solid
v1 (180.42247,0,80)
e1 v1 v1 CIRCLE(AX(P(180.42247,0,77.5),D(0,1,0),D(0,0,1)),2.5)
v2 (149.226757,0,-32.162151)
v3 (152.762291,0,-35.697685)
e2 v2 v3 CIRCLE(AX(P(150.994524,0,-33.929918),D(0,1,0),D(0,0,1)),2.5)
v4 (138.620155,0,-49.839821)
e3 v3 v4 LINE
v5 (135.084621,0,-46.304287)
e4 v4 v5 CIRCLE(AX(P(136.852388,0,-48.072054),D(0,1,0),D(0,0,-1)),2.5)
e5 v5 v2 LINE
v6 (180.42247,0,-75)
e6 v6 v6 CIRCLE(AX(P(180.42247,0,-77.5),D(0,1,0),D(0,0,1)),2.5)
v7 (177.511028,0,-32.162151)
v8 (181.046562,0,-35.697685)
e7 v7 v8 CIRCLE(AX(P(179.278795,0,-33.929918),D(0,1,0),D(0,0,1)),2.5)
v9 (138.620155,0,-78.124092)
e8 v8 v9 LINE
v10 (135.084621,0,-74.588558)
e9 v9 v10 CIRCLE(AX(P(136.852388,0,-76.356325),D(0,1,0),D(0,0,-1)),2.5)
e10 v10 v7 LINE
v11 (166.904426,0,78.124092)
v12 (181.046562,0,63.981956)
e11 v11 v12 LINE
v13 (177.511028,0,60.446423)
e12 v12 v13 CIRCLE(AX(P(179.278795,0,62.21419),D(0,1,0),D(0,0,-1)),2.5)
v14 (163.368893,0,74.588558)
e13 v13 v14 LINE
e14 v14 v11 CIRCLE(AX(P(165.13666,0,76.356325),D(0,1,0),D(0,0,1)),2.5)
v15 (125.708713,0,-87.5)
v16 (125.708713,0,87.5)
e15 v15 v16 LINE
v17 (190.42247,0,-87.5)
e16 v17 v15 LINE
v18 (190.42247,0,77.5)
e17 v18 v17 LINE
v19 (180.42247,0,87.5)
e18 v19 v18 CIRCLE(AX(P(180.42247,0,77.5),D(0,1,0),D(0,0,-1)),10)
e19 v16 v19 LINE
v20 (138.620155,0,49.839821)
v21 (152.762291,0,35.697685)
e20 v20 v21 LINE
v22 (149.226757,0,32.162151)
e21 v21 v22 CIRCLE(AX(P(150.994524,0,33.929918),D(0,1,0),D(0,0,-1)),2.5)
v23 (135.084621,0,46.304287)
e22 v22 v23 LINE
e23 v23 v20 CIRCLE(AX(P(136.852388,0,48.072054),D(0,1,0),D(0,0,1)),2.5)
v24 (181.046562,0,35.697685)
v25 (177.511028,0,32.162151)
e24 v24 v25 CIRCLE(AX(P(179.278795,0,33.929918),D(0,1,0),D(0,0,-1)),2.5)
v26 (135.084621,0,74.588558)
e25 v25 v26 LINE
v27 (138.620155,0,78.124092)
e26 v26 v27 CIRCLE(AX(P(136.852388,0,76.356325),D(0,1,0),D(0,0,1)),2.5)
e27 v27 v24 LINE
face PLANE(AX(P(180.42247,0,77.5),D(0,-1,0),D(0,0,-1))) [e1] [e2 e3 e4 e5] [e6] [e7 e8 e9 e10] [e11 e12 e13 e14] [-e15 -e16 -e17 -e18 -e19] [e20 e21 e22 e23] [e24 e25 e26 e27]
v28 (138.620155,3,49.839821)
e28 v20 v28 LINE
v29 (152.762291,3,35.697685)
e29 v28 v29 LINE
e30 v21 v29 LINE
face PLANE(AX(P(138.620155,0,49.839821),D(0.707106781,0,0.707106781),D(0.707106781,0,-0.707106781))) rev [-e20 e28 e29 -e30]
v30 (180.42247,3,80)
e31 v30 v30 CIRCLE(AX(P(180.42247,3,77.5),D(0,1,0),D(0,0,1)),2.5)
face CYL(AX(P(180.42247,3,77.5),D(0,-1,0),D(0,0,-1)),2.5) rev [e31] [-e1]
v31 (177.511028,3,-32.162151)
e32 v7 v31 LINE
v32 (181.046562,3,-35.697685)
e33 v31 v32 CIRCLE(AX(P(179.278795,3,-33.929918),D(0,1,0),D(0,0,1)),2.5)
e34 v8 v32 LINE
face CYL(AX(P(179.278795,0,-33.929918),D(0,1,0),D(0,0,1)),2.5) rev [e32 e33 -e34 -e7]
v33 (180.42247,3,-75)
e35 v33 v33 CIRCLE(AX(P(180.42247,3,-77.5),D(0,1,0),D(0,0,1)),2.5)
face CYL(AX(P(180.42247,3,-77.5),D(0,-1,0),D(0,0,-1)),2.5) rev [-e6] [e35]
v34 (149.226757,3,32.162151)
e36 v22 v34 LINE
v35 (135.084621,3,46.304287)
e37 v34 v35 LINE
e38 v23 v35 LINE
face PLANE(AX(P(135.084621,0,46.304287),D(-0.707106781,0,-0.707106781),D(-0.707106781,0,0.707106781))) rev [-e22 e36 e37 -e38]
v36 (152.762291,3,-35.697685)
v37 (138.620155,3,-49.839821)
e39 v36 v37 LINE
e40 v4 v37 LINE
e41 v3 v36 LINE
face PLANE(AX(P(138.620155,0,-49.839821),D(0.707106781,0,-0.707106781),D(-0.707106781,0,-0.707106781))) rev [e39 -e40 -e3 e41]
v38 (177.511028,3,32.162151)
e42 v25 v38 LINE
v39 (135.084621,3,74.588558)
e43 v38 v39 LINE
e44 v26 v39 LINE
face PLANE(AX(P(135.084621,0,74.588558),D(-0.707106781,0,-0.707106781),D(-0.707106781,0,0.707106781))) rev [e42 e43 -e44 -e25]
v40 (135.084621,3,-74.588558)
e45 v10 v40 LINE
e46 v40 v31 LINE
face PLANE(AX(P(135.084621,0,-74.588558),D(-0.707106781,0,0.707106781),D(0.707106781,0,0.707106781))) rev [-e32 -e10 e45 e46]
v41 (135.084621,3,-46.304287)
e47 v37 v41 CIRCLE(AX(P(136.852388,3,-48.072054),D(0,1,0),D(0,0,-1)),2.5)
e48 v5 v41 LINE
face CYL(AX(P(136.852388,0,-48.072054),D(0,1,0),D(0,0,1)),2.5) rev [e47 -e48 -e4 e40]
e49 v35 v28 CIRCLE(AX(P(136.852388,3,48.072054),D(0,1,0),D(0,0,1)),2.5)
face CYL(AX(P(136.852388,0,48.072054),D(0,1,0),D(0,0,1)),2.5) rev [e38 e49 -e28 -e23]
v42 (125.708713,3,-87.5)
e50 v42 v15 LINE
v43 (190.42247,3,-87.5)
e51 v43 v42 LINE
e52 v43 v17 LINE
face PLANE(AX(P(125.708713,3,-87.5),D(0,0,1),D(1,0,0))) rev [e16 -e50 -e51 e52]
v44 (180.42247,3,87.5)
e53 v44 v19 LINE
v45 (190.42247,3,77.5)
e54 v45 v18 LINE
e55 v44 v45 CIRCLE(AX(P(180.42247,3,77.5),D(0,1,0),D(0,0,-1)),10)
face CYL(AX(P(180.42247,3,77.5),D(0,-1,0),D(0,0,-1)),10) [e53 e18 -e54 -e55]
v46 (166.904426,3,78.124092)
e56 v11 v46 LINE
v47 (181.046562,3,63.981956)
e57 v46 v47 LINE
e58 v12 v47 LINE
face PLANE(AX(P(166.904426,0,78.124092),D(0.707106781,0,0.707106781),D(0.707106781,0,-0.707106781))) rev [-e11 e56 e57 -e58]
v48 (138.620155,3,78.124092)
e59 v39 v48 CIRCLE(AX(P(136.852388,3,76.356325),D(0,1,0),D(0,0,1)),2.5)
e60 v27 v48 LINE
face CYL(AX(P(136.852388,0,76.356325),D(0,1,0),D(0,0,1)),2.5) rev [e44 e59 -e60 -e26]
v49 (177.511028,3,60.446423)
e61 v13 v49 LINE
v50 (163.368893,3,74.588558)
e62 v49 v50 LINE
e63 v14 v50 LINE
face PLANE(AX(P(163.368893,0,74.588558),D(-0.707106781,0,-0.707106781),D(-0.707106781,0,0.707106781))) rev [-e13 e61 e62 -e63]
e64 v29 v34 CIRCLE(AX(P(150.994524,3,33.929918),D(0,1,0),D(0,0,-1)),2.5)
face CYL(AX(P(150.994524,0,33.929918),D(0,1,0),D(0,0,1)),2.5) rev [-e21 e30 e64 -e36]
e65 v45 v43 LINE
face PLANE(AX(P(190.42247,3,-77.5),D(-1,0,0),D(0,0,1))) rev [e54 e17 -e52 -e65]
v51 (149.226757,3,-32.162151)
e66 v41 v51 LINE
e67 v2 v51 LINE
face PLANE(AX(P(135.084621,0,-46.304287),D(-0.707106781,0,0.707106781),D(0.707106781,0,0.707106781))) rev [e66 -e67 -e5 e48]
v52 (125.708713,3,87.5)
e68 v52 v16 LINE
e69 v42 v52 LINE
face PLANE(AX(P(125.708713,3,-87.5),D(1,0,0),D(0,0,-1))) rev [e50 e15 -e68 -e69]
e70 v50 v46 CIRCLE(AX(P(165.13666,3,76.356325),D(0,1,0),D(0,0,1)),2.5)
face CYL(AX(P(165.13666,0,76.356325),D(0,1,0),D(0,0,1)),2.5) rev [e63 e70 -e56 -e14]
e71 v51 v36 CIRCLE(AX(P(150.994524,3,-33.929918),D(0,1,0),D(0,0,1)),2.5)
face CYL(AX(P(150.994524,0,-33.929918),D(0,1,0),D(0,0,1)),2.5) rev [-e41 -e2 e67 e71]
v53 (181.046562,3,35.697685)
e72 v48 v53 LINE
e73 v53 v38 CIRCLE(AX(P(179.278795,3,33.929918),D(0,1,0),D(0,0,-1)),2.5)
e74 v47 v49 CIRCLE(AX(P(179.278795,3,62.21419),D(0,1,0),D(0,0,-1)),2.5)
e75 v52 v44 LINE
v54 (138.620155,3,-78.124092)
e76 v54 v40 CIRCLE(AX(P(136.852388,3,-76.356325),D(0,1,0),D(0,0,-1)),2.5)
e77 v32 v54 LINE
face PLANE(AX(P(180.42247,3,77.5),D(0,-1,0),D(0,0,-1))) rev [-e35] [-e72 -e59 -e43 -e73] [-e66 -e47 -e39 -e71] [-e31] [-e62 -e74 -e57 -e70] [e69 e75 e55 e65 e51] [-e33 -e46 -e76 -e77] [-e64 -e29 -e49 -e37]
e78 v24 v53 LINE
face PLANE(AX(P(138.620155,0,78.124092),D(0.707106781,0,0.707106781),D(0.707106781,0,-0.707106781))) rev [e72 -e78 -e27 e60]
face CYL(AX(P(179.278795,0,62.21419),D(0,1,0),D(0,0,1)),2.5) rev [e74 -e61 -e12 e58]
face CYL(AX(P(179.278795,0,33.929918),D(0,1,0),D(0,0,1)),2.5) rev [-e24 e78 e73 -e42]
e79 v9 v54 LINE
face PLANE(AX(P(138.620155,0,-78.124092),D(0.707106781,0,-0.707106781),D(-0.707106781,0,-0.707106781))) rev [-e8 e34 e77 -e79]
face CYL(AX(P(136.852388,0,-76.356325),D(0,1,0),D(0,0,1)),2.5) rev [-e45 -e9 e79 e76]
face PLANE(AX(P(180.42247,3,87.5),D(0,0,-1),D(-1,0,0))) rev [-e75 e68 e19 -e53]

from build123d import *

# Parameters (mm, degrees)
ESQUISSE1_R             = 2.5
BOSS_EXTRU_1_DEPTH      = 3
ENL_V_MAT_EXTRU_1_DEPTH = 210.585226303


with BuildPart() as part:
    # Esquisse1 → Boss.-Extru.1 (new body)
    with BuildSketch(Plane(origin=(0, 0, 0), x_dir=(1, 0, 0), z_dir=(0, 1, 0))):
        with BuildLine():
            Line((125.70871342, 87.5), (180.42247001, 87.5))
            Line((180.42247001, 87.5), (190.42247001, 87.5))
            Line((190.42247001, 87.5), (190.42247001, 77.5))
            Line((190.42247001, 77.5), (190.42247001, -77.5))
            ThreePointArc((190.42247001, -77.5), (187.493537821, -84.571067812), (180.42247001, -87.5))
            Line((180.42247001, -87.5), (125.70871342, -87.5))
            Line((125.70871342, -87.5), (125.70871342, 87.5))
        make_face()
        with Locations(Location((180.42247001, 77.5, 0), (0, 0, 270))):
            Circle(ESQUISSE1_R, mode=Mode.SUBTRACT)
        with Locations(Location((180.42247001, -77.5, 0), (0, 0, 270))):
            Circle(ESQUISSE1_R, mode=Mode.SUBTRACT)
    extrude(amount=BOSS_EXTRU_1_DEPTH)

    # Esquisse2 → Enlèv. mat.-Extru.1 (cut, through all)
    with BuildSketch(Plane(origin=(0, 3, 0), x_dir=(1, 0, 0), z_dir=(0, 1, 0))):
        with BuildLine():
            Line((138.620155232, -78.124092094), (181.046562103, -35.697685223))
            ThreePointArc((181.046562103, -35.697685223), (181.046562103, -32.162151317), (177.511028197, -32.162151317))
            Line((177.511028197, -32.162151317), (135.084621326, -74.588558188))
            ThreePointArc((135.084621326, -74.588558188), (135.084621326, -78.124092094), (138.620155232, -78.124092094))
        make_face()
        with BuildLine():
            Line((166.90442648, -78.124092094), (181.046562103, -63.98195647))
            ThreePointArc((181.046562103, -63.98195647), (181.046562103, -60.446422564), (177.511028197, -60.446422564))
            Line((177.511028197, -60.446422564), (163.368892574, -74.588558188))
            ThreePointArc((163.368892574, -74.588558188), (163.368892574, -78.124092094), (166.90442648, -78.124092094))
        make_face()
        with BuildLine():
            Line((138.620155232, -49.839820846), (152.762290856, -35.697685223))
            ThreePointArc((152.762290856, -35.697685223), (152.762290856, -32.162151317), (149.22675695, -32.162151317))
            Line((149.22675695, -32.162151317), (135.084621326, -46.30428694))
            ThreePointArc((135.084621326, -46.30428694), (135.084621326, -49.839820846), (138.620155232, -49.839820846))
        make_face()
        with BuildLine():
            Line((135.084621326, 74.588558188), (177.511028197, 32.162151317))
            ThreePointArc((177.511028197, 32.162151317), (181.046562103, 32.162151317), (181.046562103, 35.697685223))
            Line((181.046562103, 35.697685223), (138.620155232, 78.124092094))
            ThreePointArc((138.620155232, 78.124092094), (135.084621326, 78.124092094), (135.084621326, 74.588558188))
        make_face()
        with BuildLine():
            Line((135.084621326, 46.30428694), (149.22675695, 32.162151317))
            ThreePointArc((149.22675695, 32.162151317), (152.762290856, 32.162151317), (152.762290856, 35.697685223))
            Line((152.762290856, 35.697685223), (138.620155232, 49.839820846))
            ThreePointArc((138.620155232, 49.839820846), (135.084621326, 49.839820846), (135.084621326, 46.30428694))
        make_face()
    extrude(amount=-ENL_V_MAT_EXTRU_1_DEPTH, mode=Mode.SUBTRACT)


solid = part.part
